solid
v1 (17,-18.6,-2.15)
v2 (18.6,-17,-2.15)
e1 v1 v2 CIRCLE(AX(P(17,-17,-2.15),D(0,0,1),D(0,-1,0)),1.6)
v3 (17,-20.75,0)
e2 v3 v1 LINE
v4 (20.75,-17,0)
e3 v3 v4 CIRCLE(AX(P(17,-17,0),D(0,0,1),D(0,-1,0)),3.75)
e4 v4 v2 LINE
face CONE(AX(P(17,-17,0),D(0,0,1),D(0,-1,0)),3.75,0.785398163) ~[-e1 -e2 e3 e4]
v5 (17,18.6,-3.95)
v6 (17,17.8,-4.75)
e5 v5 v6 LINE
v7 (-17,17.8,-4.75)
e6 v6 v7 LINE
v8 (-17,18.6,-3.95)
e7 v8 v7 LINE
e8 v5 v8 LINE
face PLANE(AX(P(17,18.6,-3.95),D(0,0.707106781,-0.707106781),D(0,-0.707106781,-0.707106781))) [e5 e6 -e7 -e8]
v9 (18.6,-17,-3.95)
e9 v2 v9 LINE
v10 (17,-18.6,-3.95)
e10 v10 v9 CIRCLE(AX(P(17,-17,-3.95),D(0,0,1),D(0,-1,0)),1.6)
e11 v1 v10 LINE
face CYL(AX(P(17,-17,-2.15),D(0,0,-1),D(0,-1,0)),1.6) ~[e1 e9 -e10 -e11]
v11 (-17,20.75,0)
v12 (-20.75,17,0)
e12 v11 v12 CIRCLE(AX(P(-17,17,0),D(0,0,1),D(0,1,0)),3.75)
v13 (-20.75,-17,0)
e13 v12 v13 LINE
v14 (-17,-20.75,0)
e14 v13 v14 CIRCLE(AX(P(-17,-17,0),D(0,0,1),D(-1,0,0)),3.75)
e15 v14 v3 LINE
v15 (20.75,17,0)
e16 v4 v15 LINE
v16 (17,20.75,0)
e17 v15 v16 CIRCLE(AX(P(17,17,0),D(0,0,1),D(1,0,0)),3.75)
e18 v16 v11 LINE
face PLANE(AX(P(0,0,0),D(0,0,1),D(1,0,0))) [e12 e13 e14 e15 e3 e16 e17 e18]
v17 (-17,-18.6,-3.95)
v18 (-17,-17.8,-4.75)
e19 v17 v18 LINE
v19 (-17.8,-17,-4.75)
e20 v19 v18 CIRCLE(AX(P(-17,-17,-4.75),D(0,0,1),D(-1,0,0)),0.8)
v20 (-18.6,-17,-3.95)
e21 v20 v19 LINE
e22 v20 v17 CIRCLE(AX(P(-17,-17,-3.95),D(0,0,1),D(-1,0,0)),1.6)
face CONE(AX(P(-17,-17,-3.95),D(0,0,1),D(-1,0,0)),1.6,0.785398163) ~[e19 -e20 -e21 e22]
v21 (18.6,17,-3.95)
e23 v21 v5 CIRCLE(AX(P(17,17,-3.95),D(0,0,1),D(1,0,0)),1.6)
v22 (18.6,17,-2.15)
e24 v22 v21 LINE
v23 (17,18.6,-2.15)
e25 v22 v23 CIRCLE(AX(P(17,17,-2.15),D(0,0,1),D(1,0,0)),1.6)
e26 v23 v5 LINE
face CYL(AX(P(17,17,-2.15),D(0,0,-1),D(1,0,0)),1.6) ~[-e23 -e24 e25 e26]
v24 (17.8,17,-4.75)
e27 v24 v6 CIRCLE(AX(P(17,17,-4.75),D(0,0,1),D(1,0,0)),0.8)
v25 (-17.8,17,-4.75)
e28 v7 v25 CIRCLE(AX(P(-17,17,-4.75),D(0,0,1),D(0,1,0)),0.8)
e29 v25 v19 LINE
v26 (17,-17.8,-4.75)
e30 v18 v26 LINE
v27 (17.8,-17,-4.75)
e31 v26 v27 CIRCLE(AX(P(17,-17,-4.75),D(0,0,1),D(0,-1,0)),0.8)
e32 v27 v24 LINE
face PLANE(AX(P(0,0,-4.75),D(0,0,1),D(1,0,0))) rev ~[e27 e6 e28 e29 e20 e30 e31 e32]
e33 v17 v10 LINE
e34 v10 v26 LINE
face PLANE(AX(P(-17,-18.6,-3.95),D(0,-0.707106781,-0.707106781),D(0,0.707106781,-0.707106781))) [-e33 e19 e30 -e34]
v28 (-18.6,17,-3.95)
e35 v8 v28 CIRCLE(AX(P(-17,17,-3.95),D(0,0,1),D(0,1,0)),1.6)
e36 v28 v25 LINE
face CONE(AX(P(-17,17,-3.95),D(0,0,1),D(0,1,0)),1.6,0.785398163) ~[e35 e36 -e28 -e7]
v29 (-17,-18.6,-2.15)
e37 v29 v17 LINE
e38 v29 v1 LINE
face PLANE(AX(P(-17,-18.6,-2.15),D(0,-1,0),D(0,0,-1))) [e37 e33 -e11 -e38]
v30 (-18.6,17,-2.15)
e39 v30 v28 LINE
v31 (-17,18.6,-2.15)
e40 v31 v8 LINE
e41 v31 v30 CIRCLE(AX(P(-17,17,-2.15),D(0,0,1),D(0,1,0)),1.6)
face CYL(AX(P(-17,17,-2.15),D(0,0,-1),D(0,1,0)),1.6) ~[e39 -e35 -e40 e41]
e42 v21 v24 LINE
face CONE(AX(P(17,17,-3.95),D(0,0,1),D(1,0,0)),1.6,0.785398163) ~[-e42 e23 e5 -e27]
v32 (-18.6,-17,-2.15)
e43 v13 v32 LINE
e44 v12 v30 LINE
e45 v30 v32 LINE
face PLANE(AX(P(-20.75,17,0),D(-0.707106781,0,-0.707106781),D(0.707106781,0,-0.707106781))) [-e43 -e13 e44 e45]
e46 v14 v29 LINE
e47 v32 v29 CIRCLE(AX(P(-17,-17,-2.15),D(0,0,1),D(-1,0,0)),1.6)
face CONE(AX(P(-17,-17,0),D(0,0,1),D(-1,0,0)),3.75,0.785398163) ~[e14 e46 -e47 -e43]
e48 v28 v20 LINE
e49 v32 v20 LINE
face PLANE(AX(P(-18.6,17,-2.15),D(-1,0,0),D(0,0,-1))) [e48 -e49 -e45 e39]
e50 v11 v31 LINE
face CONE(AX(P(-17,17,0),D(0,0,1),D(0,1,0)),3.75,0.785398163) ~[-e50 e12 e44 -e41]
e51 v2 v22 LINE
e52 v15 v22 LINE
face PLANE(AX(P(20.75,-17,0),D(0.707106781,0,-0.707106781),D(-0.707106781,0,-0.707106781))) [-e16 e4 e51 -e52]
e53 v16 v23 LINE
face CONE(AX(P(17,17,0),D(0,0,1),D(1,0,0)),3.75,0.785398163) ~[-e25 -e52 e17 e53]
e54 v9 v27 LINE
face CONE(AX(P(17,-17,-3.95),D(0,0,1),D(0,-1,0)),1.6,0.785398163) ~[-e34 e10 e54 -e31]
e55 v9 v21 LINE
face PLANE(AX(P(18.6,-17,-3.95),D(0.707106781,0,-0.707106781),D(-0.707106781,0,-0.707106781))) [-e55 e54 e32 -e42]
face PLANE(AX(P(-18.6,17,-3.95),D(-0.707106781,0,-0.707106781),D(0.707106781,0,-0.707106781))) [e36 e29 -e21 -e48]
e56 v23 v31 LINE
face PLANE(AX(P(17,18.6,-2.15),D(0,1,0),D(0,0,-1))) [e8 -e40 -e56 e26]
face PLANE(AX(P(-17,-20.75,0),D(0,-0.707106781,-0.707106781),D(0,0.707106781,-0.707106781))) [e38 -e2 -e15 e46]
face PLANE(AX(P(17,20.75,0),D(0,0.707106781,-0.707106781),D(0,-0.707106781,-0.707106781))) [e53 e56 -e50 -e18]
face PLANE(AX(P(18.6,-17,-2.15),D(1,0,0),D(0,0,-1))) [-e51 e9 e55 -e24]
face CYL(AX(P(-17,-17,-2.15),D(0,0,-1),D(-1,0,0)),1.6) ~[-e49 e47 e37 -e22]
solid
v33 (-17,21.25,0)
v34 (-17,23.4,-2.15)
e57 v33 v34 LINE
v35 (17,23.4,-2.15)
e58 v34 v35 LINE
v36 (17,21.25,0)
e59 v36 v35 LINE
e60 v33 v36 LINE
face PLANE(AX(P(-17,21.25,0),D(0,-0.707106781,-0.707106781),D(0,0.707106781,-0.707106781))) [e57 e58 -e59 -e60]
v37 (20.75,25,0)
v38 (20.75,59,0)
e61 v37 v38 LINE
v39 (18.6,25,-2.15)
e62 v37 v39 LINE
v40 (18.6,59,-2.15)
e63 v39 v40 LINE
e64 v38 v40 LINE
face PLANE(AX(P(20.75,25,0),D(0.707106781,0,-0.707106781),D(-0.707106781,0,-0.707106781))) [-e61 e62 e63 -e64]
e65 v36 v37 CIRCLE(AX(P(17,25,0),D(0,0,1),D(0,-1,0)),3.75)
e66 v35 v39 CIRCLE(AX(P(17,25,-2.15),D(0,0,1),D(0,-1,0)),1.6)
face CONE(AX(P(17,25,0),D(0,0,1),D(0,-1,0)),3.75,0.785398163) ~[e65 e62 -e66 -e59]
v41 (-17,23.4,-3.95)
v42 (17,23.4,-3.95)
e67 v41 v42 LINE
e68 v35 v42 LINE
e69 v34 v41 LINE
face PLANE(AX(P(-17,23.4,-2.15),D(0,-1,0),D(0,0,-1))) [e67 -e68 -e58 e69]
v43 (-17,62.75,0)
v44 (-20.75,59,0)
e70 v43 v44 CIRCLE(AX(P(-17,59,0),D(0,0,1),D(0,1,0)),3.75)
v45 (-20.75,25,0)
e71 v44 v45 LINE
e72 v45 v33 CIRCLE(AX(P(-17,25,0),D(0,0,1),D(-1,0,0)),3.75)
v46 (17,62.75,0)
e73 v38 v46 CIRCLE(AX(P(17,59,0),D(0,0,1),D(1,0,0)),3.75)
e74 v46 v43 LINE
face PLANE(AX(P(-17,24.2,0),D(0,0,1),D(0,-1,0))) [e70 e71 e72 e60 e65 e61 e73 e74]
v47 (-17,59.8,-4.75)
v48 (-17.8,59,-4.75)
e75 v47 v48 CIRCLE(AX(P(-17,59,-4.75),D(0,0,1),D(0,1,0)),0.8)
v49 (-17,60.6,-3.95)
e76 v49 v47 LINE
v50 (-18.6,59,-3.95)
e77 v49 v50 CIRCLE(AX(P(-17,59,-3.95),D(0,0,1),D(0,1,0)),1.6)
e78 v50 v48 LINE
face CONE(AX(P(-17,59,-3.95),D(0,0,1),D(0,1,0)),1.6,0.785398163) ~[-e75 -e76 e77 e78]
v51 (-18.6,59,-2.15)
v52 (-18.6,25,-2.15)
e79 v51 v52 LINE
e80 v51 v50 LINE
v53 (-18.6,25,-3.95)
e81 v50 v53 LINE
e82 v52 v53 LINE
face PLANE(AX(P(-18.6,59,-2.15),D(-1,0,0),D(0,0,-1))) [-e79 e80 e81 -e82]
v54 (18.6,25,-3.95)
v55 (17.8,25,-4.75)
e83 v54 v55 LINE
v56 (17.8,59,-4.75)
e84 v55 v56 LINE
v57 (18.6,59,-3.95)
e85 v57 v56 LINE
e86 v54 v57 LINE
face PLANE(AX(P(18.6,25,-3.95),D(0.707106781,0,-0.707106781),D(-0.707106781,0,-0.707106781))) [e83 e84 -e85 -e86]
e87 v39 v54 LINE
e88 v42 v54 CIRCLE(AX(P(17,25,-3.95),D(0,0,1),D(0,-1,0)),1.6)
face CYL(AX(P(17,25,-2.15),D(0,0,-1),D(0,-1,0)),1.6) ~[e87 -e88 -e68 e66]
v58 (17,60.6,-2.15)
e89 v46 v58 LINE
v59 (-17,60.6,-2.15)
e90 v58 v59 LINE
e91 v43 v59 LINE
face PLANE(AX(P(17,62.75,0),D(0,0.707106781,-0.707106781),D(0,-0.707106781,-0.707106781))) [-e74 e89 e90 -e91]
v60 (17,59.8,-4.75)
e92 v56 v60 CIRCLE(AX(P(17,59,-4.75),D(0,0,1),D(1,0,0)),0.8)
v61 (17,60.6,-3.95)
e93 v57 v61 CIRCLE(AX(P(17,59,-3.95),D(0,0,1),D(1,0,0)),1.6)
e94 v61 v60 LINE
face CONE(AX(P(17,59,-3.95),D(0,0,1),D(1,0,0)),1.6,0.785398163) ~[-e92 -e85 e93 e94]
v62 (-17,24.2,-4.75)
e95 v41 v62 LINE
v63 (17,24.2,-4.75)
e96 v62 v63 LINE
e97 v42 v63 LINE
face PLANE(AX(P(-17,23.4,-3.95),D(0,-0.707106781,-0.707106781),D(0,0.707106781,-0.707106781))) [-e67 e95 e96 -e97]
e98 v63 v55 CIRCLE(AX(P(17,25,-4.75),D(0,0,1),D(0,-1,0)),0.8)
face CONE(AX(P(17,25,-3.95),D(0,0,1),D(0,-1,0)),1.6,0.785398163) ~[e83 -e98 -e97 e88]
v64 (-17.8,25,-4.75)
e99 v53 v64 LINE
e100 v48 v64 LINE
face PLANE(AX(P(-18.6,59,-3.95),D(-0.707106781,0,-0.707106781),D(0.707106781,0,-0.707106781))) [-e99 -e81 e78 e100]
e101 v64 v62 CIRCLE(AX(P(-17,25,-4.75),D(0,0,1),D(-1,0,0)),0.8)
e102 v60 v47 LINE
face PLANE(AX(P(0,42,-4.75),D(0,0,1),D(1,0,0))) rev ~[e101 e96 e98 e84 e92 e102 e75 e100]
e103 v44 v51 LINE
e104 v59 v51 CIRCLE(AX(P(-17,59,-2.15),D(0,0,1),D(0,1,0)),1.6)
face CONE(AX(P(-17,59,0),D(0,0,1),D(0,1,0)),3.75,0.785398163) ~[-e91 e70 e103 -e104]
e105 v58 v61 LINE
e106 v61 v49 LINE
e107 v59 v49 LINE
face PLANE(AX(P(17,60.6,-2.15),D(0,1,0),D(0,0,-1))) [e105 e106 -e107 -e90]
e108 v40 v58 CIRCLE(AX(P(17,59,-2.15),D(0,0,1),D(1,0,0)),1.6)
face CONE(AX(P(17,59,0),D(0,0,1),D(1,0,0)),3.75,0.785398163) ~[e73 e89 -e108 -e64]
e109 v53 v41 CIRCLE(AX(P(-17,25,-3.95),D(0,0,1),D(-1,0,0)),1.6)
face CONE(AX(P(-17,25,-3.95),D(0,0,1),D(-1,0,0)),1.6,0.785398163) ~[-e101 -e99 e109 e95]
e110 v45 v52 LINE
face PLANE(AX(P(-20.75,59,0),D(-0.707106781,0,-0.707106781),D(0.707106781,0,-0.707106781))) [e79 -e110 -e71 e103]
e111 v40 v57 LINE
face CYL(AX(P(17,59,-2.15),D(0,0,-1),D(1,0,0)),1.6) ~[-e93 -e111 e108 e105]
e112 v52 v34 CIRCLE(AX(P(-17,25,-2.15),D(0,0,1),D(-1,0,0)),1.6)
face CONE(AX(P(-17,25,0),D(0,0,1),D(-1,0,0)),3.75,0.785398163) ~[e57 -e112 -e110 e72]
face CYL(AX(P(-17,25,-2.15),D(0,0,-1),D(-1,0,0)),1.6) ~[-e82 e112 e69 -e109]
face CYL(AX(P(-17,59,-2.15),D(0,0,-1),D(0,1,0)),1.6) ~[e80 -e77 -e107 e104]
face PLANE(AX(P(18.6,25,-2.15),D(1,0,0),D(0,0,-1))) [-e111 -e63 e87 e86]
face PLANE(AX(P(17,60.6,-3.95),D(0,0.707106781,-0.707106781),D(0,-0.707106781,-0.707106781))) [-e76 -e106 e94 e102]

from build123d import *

# Parameters (mm, degrees)
PAD_DEPTH              = 4.75
LINEARPATTERN001_COUNT = 2
LINEARPATTERN001_PITCH = 42


with BuildPart() as part:
    # AdditivePipe: sweep along a path in Sketch
    with BuildLine(Plane.XY) as additivepipe_path:
        Line((-17, -21), (17, -21))
        ThreePointArc((17, -21), (19.8284271247, -19.8284271247), (21, -17))
        Line((21, -17), (21, 17))
        ThreePointArc((21, 17), (19.8284271247, 19.8284271247), (17, 21))
        Line((17, 21), (-17, 21))
        ThreePointArc((-17, 21), (-19.8284271247, 19.8284271247), (-21, 17))
        Line((-21, 17), (-21, -17))
        ThreePointArc((-21, -17), (-19.8284271247, -19.8284271247), (-17, -21))
    # Sketch001 → AdditivePipe (sweep)
    with BuildSketch(Plane.XZ):
        Polygon((-20.75, 0), (-18.6, -2.15), (-18.6, -3.95), (-17.8, -4.75), (-17.8, 0), align=None)
    additivepipe = sweep(path=additivepipe_path.line)

    # Sketch002 → Pad (new body)
    with BuildSketch(Plane.XY):
        with BuildLine():
            Line((-17, -17.8), (17, -17.8))
            ThreePointArc((17, -17.8), (17.5656854249, -17.5656854249), (17.8, -17))
            Line((17.8, -17), (17.8, 17))
            ThreePointArc((17.8, 17), (17.5656854249, 17.5656854249), (17, 17.8))
            Line((17, 17.8), (-17, 17.8))
            ThreePointArc((-17, 17.8), (-17.5656854249, 17.5656854249), (-17.8, 17))
            Line((-17.8, 17), (-17.8, -17))
            ThreePointArc((-17.8, -17), (-17.5656854249, -17.5656854249), (-17, -17.8))
        make_face()
    pad = extrude(amount=-PAD_DEPTH)

    # LinearPattern001: Pad, AdditivePipe ×2
    with Locations(*[(0, i * LINEARPATTERN001_PITCH, 0) for i in range(1, LINEARPATTERN001_COUNT)]):
        add(pad)
        add(additivepipe)


solid = part.part
